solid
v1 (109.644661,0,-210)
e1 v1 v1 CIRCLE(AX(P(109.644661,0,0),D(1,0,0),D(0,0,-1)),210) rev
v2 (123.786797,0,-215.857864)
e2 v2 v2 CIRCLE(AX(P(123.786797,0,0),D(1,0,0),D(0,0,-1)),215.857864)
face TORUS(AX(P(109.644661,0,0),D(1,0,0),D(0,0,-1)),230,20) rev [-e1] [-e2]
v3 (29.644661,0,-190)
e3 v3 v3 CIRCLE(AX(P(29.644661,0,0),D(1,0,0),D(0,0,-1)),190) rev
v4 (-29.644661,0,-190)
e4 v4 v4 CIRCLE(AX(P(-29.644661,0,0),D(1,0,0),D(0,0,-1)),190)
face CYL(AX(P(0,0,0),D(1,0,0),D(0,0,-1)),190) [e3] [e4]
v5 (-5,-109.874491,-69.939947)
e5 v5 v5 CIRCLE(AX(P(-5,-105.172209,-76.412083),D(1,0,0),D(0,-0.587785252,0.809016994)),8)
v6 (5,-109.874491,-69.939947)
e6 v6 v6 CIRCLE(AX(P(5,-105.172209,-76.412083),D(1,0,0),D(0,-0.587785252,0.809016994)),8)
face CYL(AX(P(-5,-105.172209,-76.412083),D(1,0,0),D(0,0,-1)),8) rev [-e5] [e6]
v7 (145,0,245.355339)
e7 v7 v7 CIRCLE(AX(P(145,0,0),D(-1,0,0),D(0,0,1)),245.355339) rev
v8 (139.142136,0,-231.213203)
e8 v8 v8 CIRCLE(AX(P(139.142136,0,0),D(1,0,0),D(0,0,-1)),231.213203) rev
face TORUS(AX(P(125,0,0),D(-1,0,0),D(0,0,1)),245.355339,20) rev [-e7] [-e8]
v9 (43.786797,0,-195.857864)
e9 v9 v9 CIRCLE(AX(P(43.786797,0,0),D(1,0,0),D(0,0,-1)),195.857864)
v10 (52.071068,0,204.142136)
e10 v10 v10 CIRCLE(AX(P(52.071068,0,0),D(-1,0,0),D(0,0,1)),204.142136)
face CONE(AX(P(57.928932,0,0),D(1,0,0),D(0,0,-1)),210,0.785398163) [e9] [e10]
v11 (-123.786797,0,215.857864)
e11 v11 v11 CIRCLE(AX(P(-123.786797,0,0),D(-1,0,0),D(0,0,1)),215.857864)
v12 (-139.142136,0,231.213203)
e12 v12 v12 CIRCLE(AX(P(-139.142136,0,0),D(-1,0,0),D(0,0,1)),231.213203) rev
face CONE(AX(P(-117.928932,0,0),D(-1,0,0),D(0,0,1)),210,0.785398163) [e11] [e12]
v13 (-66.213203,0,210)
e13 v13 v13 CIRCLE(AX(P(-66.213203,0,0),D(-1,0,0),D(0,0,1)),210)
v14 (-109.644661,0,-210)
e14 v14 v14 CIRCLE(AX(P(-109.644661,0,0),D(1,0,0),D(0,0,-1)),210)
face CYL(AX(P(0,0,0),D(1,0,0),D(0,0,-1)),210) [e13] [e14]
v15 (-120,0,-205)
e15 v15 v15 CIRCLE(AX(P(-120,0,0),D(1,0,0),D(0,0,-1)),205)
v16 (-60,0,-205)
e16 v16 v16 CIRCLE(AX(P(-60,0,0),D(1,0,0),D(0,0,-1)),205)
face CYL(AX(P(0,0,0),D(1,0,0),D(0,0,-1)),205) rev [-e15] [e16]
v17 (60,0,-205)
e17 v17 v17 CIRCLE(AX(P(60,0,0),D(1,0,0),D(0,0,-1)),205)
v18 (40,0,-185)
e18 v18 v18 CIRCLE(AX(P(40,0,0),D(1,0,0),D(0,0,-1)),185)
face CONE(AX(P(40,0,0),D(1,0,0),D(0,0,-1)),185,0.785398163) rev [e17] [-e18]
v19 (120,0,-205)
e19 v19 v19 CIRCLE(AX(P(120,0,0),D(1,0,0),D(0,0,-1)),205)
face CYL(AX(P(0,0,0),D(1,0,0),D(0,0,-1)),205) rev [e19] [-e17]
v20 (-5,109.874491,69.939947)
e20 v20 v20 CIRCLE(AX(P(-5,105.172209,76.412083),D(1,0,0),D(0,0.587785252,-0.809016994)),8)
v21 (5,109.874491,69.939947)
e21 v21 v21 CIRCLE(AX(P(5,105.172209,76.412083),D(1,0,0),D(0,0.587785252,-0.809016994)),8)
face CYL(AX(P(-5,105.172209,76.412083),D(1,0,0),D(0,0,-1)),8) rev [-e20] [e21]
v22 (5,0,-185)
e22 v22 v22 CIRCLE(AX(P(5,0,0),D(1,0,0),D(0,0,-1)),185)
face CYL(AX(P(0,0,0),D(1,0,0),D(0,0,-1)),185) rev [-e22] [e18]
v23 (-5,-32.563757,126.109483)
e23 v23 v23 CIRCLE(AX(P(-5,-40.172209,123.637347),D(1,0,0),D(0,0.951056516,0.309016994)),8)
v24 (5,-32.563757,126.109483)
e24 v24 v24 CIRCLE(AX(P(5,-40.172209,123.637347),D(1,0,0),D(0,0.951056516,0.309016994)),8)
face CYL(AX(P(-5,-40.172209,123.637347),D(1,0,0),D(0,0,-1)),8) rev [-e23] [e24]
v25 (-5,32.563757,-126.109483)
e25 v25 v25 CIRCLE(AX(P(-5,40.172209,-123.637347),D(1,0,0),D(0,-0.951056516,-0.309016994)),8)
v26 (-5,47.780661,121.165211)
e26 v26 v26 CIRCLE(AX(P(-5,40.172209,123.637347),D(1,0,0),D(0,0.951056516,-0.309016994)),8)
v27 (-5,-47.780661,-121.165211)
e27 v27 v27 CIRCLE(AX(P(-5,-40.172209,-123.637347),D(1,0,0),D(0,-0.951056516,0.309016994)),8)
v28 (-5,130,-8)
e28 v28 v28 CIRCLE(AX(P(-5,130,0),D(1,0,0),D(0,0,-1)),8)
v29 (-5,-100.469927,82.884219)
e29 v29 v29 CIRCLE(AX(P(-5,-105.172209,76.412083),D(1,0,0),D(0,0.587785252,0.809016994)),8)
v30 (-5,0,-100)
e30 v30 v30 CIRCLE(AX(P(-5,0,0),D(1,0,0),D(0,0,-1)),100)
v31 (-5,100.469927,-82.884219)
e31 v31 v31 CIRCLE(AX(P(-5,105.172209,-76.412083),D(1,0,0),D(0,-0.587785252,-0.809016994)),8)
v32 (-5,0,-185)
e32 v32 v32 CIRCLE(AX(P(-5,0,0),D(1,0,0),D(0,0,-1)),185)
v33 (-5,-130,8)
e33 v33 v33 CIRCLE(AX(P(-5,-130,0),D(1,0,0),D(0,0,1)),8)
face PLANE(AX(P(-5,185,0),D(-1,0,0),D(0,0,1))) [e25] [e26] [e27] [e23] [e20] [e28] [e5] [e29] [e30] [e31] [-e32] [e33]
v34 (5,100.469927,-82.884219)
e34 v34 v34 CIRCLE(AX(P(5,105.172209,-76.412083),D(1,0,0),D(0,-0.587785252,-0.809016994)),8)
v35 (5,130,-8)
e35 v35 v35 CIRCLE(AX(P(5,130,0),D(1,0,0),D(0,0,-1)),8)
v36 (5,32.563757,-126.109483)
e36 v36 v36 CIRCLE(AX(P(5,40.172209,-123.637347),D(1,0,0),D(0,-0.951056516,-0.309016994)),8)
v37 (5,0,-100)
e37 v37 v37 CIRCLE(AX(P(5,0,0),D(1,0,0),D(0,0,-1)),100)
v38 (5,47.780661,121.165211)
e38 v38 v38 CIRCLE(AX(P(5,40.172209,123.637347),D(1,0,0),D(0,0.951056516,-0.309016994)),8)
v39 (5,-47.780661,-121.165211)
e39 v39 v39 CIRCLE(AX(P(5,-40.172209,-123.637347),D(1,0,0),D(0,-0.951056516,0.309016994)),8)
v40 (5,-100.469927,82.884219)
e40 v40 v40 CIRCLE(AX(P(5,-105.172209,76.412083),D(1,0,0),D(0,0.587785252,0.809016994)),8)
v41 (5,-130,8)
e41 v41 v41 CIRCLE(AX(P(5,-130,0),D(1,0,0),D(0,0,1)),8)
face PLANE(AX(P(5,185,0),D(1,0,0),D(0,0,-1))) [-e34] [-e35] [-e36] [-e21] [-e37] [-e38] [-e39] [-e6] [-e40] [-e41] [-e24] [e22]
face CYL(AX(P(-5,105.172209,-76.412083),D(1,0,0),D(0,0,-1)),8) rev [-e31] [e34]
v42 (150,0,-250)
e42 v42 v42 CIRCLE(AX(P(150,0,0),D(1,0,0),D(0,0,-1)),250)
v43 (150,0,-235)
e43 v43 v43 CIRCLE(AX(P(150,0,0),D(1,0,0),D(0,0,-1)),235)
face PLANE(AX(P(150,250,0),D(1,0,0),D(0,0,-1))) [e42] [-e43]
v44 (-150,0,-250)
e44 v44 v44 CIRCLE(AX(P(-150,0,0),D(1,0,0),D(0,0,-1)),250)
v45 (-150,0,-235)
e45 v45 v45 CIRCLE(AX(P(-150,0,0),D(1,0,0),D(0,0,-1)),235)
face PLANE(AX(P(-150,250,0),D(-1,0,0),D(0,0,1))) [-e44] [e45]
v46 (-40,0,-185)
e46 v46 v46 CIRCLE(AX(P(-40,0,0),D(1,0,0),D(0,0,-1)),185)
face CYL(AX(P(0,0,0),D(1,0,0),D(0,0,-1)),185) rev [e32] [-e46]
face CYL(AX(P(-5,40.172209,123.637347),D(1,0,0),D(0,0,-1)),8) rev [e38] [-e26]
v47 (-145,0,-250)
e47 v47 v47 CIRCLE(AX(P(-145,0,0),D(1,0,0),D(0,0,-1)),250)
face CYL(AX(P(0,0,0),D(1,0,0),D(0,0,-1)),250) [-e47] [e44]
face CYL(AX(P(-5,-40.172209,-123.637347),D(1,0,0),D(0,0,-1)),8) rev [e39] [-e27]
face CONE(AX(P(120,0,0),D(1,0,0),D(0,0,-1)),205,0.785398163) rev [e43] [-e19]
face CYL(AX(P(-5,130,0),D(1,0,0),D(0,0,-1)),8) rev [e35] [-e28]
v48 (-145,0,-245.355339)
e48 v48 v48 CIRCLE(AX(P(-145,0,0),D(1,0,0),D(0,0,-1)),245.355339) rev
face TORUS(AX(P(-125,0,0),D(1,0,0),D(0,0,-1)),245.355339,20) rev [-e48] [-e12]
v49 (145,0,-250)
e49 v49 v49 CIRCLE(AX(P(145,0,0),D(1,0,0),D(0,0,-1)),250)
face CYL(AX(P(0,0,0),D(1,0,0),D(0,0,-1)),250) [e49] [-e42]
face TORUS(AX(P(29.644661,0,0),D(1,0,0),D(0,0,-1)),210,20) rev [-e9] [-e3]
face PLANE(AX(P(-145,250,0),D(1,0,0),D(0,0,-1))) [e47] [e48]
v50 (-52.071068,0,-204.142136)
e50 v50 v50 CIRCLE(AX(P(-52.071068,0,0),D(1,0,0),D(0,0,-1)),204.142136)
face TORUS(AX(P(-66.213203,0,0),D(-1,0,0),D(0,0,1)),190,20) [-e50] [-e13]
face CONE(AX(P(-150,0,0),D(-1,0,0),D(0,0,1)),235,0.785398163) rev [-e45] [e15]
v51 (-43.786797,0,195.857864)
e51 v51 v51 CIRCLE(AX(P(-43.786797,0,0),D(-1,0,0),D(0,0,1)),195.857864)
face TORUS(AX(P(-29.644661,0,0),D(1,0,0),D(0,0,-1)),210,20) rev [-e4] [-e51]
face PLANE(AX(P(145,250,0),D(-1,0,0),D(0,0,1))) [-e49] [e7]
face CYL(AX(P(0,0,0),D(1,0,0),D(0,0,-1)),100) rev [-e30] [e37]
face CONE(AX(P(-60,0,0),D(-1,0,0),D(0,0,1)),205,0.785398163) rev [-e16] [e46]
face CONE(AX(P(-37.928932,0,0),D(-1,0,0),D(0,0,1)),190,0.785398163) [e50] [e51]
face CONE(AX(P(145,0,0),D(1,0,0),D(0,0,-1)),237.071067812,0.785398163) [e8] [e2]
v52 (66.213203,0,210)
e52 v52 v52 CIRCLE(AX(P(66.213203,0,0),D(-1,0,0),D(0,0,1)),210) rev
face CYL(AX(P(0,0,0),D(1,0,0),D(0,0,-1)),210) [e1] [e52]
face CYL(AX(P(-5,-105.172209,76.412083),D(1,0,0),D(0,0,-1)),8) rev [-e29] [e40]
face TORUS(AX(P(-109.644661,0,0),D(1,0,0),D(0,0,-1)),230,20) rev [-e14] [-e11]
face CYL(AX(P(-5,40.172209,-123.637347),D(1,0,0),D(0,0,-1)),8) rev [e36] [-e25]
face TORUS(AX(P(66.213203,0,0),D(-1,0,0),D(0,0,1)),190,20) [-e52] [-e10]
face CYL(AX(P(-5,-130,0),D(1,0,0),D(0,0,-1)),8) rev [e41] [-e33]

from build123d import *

# Parameters (mm, degrees)
FILLET1_R          = 20
SKETCH2_R          = 8
CUT_EXTRUDE1_DEPTH = 10
CIRPATTERN1_COUNT  = 10


with BuildPart() as part:
    # Sketch1 → Revolve1 (revolve)
    with BuildSketch(Plane.XY):
        Polygon((-150, 250), (-150, 235), (-120, 205), (-60, 205), (-40, 185), (-5, 185), (-5, 100), (5, 100), (5, 185), (40, 185), (60, 205), (120, 205), (150, 235), (150, 250), (145, 250), (145, 237.071067812), (117.928932188, 210), (57.928932188, 210), (37.928932188, 190), (-37.928932188, 190), (-57.928932188, 210), (-117.928932188, 210), (-145, 237.071067812), (-145, 250), align=None)
    revolve(axis=Axis((0, 0, 0), (-1, 0, 0)))

    # Fillet1
    fillet1_edges = [part.edges().sort_by_distance(p)[0] for p in [
        (145, -237.071067812, 0),
        (117.928932188, -210, 0),
        (57.928932188, -210, 0),
        (37.928932188, -190, 0),
        (-37.928932188, -190, 0),
        (-57.928932188, -210, 0),
        (-117.928932188, -210, 0),
        (-145, -237.071067812, 0),
    ]]
    fillet(fillet1_edges, radius=FILLET1_R)

    # Sketch2 → Cut-Extrude1 (cut)
    with BuildSketch(Plane(origin=(5, 0, 0), x_dir=(0, 0, -1), z_dir=(1, 0, 0))):
        with Locations((0, 130)):
            Circle(SKETCH2_R)
    cut_extrude1 = extrude(amount=-CUT_EXTRUDE1_DEPTH, mode=Mode.SUBTRACT)

    # CirPattern1: Cut-Extrude1 ×10 about axis
    cirpattern1_axis = Axis((0, 0, 0), (1, 0, 0))
    for i in range(1, CIRPATTERN1_COUNT):
        add(cut_extrude1.rotate(cirpattern1_axis, i * 360 / CIRPATTERN1_COUNT), mode=Mode.SUBTRACT)


solid = part.part
